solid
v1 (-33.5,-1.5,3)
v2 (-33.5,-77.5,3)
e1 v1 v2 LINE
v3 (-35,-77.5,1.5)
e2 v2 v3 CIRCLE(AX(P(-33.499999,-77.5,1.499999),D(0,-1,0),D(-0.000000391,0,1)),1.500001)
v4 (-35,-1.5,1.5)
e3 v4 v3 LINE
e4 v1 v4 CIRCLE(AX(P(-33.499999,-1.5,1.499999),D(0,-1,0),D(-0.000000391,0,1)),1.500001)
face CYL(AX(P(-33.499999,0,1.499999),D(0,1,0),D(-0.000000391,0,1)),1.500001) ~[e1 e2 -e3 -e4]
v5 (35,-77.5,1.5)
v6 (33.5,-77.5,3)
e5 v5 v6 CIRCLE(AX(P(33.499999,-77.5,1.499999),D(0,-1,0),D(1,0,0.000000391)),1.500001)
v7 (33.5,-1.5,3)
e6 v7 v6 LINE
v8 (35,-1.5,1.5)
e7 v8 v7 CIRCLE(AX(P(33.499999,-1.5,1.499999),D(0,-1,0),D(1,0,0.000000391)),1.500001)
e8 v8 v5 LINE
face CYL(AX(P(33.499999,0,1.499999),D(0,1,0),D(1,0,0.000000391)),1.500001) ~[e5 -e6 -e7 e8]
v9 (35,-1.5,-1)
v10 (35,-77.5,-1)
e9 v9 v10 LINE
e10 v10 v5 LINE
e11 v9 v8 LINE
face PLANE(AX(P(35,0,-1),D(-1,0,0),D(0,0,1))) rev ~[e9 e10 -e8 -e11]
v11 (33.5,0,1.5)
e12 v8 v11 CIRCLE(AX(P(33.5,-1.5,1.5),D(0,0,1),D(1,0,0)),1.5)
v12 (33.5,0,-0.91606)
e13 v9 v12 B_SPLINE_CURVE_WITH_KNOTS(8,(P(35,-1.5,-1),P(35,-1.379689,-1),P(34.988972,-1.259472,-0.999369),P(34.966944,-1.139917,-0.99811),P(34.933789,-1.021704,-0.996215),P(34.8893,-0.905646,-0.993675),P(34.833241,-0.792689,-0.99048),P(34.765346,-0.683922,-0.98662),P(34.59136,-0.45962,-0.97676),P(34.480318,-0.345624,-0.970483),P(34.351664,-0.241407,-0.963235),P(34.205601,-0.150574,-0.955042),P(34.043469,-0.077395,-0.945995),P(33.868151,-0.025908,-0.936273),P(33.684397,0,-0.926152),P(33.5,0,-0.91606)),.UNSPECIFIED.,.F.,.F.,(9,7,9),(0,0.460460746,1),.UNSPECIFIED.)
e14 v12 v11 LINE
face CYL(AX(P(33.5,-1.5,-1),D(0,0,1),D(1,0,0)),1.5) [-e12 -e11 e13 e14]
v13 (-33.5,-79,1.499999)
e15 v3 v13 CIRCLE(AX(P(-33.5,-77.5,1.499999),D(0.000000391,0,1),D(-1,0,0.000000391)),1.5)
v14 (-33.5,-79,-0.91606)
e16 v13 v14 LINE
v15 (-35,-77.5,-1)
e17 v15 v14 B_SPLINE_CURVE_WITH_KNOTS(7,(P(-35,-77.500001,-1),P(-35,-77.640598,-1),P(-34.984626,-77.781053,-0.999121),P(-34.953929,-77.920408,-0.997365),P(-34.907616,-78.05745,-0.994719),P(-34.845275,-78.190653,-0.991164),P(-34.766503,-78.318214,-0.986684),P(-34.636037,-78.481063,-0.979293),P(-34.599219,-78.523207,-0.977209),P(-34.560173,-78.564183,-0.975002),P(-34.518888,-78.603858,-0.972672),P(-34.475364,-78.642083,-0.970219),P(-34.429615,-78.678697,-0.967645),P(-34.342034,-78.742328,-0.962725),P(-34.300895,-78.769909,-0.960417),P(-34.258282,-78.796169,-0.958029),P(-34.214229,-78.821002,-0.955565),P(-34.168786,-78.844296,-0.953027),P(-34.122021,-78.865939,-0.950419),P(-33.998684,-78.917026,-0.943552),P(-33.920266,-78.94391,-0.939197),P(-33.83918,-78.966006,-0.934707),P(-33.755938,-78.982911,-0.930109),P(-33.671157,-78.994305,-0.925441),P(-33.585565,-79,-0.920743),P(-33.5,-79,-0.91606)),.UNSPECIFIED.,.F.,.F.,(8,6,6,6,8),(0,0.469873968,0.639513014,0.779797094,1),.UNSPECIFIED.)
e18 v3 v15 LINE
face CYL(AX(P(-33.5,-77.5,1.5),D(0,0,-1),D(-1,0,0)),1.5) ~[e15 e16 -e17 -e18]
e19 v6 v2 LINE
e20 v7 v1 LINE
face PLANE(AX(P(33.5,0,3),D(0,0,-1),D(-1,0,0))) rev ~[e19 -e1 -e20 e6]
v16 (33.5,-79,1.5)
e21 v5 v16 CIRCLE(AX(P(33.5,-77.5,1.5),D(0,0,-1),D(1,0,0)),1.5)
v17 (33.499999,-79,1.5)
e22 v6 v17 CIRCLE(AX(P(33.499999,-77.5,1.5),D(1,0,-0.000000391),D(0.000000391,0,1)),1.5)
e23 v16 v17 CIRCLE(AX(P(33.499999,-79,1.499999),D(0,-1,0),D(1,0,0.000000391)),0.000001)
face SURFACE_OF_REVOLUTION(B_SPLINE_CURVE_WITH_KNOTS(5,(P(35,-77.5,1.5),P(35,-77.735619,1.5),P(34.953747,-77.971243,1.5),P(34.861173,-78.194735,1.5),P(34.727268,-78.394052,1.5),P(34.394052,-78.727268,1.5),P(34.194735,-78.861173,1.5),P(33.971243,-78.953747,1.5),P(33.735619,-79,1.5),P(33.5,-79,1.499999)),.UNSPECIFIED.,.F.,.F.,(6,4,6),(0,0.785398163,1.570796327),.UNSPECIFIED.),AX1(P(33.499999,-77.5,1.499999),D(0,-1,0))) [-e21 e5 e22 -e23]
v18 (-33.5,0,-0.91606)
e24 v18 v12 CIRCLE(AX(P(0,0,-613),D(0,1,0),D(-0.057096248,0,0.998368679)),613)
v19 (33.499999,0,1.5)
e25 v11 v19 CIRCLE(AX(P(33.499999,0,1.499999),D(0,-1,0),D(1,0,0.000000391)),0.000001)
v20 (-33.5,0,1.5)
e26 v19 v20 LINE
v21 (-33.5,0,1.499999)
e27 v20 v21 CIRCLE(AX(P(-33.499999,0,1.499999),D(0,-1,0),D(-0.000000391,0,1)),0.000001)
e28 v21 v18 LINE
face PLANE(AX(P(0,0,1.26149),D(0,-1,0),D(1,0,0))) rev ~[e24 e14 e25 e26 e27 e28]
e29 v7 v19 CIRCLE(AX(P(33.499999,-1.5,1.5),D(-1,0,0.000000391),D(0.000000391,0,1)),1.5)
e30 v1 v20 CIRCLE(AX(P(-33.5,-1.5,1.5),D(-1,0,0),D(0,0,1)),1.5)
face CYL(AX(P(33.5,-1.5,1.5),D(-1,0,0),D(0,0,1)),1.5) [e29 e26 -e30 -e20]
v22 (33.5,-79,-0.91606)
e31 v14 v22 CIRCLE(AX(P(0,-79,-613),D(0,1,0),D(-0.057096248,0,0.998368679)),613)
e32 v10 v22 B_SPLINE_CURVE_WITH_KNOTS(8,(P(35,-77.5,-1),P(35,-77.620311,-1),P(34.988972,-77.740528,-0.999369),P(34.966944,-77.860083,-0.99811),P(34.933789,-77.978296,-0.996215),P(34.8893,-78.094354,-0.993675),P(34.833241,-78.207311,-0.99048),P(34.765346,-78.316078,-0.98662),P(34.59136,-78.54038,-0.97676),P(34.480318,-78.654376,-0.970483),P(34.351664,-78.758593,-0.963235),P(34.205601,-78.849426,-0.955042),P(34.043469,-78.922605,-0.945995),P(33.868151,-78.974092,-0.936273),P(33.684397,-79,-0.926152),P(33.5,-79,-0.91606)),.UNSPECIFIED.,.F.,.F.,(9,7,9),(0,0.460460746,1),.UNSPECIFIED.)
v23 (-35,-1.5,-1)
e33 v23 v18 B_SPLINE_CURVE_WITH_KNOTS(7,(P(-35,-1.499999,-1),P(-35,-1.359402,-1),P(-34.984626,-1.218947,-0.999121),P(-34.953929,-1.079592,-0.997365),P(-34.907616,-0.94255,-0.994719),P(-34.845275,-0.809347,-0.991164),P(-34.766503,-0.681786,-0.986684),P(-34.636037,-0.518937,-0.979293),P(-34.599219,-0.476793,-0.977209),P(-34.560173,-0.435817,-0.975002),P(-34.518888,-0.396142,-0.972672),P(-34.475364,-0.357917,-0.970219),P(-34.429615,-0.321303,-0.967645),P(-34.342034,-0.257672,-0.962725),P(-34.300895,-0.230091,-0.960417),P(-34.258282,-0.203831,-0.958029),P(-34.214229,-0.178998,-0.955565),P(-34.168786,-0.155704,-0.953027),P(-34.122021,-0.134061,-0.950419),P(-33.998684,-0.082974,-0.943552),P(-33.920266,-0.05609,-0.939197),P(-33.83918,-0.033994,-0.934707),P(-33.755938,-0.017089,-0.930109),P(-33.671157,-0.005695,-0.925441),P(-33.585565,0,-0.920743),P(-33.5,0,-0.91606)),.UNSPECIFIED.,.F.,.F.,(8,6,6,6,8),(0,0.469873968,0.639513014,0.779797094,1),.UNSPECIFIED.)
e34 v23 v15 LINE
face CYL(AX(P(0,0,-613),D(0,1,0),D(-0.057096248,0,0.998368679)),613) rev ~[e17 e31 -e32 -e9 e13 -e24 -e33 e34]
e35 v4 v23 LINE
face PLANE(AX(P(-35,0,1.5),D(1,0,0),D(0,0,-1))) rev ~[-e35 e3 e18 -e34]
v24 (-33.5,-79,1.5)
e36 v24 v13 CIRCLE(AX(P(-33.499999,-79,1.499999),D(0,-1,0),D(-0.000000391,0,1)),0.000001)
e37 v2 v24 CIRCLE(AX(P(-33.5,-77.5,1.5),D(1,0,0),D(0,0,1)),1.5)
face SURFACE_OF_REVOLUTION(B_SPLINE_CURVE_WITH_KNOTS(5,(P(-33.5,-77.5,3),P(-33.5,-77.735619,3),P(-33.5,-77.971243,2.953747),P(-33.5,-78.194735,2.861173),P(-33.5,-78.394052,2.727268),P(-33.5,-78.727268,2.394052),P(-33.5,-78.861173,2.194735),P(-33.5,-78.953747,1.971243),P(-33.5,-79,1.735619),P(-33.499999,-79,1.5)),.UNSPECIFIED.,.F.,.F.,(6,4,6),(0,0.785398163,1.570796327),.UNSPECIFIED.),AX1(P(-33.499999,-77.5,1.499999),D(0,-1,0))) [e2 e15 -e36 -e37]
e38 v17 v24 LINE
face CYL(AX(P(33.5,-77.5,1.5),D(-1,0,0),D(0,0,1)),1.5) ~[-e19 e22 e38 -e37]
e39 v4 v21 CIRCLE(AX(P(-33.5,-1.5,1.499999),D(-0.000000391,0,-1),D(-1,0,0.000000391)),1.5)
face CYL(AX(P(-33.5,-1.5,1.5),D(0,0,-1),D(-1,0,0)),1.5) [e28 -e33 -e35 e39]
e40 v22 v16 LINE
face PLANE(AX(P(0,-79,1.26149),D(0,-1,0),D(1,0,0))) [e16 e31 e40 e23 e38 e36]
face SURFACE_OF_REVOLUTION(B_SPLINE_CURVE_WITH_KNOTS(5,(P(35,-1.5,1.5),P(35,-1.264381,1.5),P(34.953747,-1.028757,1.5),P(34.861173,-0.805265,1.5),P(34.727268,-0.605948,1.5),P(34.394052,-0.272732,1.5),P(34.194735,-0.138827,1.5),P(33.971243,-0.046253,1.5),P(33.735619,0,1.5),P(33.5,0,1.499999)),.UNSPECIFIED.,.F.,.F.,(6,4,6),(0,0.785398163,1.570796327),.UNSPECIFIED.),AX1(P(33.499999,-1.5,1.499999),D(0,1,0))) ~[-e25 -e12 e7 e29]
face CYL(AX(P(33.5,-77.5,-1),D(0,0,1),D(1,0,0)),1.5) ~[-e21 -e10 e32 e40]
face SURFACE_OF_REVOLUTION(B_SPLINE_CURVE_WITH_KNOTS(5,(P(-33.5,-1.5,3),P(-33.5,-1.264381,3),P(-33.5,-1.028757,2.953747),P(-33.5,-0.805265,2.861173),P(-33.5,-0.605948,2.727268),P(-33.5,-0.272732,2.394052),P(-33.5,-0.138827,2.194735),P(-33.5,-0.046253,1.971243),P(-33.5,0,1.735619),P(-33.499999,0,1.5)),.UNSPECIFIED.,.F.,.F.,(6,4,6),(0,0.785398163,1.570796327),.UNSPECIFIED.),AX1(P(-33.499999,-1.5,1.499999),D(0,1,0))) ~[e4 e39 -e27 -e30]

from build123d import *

# Parameters (mm, degrees)
F1_DEPTH = 79
F2_R     = 1.5


with BuildPart() as f1:
    # F0 (on Front) → F1 (new body)
    with BuildSketch(Plane.XZ):
        with BuildLine():
            Line((33.5, 3), (-33.5, 3))
            ThreePointArc((-33.5, 3), (-34.56066, 2.56066), (-35, 1.5))
            Line((-35, 1.5), (-35, -1))
            ThreePointArc((-35, -1), (0, 0), (35, -1))
            Line((35, -1), (35, 1.5))
            ThreePointArc((35, 1.5), (34.56066, 2.56066), (33.5, 3))
        make_face()
    extrude(amount=F1_DEPTH)

    # F2
    f2_edges = [f1.edges().sort_by_distance(p)[0] for p in [
        (33.5, -39.5, 3),
        (35, -39.5, 1.5),
        (34.56066, 0, 2.56066),
        (34.56066, -79, 2.56066),
    ]]
    fillet(f2_edges, radius=F2_R)


solid = f1.part
